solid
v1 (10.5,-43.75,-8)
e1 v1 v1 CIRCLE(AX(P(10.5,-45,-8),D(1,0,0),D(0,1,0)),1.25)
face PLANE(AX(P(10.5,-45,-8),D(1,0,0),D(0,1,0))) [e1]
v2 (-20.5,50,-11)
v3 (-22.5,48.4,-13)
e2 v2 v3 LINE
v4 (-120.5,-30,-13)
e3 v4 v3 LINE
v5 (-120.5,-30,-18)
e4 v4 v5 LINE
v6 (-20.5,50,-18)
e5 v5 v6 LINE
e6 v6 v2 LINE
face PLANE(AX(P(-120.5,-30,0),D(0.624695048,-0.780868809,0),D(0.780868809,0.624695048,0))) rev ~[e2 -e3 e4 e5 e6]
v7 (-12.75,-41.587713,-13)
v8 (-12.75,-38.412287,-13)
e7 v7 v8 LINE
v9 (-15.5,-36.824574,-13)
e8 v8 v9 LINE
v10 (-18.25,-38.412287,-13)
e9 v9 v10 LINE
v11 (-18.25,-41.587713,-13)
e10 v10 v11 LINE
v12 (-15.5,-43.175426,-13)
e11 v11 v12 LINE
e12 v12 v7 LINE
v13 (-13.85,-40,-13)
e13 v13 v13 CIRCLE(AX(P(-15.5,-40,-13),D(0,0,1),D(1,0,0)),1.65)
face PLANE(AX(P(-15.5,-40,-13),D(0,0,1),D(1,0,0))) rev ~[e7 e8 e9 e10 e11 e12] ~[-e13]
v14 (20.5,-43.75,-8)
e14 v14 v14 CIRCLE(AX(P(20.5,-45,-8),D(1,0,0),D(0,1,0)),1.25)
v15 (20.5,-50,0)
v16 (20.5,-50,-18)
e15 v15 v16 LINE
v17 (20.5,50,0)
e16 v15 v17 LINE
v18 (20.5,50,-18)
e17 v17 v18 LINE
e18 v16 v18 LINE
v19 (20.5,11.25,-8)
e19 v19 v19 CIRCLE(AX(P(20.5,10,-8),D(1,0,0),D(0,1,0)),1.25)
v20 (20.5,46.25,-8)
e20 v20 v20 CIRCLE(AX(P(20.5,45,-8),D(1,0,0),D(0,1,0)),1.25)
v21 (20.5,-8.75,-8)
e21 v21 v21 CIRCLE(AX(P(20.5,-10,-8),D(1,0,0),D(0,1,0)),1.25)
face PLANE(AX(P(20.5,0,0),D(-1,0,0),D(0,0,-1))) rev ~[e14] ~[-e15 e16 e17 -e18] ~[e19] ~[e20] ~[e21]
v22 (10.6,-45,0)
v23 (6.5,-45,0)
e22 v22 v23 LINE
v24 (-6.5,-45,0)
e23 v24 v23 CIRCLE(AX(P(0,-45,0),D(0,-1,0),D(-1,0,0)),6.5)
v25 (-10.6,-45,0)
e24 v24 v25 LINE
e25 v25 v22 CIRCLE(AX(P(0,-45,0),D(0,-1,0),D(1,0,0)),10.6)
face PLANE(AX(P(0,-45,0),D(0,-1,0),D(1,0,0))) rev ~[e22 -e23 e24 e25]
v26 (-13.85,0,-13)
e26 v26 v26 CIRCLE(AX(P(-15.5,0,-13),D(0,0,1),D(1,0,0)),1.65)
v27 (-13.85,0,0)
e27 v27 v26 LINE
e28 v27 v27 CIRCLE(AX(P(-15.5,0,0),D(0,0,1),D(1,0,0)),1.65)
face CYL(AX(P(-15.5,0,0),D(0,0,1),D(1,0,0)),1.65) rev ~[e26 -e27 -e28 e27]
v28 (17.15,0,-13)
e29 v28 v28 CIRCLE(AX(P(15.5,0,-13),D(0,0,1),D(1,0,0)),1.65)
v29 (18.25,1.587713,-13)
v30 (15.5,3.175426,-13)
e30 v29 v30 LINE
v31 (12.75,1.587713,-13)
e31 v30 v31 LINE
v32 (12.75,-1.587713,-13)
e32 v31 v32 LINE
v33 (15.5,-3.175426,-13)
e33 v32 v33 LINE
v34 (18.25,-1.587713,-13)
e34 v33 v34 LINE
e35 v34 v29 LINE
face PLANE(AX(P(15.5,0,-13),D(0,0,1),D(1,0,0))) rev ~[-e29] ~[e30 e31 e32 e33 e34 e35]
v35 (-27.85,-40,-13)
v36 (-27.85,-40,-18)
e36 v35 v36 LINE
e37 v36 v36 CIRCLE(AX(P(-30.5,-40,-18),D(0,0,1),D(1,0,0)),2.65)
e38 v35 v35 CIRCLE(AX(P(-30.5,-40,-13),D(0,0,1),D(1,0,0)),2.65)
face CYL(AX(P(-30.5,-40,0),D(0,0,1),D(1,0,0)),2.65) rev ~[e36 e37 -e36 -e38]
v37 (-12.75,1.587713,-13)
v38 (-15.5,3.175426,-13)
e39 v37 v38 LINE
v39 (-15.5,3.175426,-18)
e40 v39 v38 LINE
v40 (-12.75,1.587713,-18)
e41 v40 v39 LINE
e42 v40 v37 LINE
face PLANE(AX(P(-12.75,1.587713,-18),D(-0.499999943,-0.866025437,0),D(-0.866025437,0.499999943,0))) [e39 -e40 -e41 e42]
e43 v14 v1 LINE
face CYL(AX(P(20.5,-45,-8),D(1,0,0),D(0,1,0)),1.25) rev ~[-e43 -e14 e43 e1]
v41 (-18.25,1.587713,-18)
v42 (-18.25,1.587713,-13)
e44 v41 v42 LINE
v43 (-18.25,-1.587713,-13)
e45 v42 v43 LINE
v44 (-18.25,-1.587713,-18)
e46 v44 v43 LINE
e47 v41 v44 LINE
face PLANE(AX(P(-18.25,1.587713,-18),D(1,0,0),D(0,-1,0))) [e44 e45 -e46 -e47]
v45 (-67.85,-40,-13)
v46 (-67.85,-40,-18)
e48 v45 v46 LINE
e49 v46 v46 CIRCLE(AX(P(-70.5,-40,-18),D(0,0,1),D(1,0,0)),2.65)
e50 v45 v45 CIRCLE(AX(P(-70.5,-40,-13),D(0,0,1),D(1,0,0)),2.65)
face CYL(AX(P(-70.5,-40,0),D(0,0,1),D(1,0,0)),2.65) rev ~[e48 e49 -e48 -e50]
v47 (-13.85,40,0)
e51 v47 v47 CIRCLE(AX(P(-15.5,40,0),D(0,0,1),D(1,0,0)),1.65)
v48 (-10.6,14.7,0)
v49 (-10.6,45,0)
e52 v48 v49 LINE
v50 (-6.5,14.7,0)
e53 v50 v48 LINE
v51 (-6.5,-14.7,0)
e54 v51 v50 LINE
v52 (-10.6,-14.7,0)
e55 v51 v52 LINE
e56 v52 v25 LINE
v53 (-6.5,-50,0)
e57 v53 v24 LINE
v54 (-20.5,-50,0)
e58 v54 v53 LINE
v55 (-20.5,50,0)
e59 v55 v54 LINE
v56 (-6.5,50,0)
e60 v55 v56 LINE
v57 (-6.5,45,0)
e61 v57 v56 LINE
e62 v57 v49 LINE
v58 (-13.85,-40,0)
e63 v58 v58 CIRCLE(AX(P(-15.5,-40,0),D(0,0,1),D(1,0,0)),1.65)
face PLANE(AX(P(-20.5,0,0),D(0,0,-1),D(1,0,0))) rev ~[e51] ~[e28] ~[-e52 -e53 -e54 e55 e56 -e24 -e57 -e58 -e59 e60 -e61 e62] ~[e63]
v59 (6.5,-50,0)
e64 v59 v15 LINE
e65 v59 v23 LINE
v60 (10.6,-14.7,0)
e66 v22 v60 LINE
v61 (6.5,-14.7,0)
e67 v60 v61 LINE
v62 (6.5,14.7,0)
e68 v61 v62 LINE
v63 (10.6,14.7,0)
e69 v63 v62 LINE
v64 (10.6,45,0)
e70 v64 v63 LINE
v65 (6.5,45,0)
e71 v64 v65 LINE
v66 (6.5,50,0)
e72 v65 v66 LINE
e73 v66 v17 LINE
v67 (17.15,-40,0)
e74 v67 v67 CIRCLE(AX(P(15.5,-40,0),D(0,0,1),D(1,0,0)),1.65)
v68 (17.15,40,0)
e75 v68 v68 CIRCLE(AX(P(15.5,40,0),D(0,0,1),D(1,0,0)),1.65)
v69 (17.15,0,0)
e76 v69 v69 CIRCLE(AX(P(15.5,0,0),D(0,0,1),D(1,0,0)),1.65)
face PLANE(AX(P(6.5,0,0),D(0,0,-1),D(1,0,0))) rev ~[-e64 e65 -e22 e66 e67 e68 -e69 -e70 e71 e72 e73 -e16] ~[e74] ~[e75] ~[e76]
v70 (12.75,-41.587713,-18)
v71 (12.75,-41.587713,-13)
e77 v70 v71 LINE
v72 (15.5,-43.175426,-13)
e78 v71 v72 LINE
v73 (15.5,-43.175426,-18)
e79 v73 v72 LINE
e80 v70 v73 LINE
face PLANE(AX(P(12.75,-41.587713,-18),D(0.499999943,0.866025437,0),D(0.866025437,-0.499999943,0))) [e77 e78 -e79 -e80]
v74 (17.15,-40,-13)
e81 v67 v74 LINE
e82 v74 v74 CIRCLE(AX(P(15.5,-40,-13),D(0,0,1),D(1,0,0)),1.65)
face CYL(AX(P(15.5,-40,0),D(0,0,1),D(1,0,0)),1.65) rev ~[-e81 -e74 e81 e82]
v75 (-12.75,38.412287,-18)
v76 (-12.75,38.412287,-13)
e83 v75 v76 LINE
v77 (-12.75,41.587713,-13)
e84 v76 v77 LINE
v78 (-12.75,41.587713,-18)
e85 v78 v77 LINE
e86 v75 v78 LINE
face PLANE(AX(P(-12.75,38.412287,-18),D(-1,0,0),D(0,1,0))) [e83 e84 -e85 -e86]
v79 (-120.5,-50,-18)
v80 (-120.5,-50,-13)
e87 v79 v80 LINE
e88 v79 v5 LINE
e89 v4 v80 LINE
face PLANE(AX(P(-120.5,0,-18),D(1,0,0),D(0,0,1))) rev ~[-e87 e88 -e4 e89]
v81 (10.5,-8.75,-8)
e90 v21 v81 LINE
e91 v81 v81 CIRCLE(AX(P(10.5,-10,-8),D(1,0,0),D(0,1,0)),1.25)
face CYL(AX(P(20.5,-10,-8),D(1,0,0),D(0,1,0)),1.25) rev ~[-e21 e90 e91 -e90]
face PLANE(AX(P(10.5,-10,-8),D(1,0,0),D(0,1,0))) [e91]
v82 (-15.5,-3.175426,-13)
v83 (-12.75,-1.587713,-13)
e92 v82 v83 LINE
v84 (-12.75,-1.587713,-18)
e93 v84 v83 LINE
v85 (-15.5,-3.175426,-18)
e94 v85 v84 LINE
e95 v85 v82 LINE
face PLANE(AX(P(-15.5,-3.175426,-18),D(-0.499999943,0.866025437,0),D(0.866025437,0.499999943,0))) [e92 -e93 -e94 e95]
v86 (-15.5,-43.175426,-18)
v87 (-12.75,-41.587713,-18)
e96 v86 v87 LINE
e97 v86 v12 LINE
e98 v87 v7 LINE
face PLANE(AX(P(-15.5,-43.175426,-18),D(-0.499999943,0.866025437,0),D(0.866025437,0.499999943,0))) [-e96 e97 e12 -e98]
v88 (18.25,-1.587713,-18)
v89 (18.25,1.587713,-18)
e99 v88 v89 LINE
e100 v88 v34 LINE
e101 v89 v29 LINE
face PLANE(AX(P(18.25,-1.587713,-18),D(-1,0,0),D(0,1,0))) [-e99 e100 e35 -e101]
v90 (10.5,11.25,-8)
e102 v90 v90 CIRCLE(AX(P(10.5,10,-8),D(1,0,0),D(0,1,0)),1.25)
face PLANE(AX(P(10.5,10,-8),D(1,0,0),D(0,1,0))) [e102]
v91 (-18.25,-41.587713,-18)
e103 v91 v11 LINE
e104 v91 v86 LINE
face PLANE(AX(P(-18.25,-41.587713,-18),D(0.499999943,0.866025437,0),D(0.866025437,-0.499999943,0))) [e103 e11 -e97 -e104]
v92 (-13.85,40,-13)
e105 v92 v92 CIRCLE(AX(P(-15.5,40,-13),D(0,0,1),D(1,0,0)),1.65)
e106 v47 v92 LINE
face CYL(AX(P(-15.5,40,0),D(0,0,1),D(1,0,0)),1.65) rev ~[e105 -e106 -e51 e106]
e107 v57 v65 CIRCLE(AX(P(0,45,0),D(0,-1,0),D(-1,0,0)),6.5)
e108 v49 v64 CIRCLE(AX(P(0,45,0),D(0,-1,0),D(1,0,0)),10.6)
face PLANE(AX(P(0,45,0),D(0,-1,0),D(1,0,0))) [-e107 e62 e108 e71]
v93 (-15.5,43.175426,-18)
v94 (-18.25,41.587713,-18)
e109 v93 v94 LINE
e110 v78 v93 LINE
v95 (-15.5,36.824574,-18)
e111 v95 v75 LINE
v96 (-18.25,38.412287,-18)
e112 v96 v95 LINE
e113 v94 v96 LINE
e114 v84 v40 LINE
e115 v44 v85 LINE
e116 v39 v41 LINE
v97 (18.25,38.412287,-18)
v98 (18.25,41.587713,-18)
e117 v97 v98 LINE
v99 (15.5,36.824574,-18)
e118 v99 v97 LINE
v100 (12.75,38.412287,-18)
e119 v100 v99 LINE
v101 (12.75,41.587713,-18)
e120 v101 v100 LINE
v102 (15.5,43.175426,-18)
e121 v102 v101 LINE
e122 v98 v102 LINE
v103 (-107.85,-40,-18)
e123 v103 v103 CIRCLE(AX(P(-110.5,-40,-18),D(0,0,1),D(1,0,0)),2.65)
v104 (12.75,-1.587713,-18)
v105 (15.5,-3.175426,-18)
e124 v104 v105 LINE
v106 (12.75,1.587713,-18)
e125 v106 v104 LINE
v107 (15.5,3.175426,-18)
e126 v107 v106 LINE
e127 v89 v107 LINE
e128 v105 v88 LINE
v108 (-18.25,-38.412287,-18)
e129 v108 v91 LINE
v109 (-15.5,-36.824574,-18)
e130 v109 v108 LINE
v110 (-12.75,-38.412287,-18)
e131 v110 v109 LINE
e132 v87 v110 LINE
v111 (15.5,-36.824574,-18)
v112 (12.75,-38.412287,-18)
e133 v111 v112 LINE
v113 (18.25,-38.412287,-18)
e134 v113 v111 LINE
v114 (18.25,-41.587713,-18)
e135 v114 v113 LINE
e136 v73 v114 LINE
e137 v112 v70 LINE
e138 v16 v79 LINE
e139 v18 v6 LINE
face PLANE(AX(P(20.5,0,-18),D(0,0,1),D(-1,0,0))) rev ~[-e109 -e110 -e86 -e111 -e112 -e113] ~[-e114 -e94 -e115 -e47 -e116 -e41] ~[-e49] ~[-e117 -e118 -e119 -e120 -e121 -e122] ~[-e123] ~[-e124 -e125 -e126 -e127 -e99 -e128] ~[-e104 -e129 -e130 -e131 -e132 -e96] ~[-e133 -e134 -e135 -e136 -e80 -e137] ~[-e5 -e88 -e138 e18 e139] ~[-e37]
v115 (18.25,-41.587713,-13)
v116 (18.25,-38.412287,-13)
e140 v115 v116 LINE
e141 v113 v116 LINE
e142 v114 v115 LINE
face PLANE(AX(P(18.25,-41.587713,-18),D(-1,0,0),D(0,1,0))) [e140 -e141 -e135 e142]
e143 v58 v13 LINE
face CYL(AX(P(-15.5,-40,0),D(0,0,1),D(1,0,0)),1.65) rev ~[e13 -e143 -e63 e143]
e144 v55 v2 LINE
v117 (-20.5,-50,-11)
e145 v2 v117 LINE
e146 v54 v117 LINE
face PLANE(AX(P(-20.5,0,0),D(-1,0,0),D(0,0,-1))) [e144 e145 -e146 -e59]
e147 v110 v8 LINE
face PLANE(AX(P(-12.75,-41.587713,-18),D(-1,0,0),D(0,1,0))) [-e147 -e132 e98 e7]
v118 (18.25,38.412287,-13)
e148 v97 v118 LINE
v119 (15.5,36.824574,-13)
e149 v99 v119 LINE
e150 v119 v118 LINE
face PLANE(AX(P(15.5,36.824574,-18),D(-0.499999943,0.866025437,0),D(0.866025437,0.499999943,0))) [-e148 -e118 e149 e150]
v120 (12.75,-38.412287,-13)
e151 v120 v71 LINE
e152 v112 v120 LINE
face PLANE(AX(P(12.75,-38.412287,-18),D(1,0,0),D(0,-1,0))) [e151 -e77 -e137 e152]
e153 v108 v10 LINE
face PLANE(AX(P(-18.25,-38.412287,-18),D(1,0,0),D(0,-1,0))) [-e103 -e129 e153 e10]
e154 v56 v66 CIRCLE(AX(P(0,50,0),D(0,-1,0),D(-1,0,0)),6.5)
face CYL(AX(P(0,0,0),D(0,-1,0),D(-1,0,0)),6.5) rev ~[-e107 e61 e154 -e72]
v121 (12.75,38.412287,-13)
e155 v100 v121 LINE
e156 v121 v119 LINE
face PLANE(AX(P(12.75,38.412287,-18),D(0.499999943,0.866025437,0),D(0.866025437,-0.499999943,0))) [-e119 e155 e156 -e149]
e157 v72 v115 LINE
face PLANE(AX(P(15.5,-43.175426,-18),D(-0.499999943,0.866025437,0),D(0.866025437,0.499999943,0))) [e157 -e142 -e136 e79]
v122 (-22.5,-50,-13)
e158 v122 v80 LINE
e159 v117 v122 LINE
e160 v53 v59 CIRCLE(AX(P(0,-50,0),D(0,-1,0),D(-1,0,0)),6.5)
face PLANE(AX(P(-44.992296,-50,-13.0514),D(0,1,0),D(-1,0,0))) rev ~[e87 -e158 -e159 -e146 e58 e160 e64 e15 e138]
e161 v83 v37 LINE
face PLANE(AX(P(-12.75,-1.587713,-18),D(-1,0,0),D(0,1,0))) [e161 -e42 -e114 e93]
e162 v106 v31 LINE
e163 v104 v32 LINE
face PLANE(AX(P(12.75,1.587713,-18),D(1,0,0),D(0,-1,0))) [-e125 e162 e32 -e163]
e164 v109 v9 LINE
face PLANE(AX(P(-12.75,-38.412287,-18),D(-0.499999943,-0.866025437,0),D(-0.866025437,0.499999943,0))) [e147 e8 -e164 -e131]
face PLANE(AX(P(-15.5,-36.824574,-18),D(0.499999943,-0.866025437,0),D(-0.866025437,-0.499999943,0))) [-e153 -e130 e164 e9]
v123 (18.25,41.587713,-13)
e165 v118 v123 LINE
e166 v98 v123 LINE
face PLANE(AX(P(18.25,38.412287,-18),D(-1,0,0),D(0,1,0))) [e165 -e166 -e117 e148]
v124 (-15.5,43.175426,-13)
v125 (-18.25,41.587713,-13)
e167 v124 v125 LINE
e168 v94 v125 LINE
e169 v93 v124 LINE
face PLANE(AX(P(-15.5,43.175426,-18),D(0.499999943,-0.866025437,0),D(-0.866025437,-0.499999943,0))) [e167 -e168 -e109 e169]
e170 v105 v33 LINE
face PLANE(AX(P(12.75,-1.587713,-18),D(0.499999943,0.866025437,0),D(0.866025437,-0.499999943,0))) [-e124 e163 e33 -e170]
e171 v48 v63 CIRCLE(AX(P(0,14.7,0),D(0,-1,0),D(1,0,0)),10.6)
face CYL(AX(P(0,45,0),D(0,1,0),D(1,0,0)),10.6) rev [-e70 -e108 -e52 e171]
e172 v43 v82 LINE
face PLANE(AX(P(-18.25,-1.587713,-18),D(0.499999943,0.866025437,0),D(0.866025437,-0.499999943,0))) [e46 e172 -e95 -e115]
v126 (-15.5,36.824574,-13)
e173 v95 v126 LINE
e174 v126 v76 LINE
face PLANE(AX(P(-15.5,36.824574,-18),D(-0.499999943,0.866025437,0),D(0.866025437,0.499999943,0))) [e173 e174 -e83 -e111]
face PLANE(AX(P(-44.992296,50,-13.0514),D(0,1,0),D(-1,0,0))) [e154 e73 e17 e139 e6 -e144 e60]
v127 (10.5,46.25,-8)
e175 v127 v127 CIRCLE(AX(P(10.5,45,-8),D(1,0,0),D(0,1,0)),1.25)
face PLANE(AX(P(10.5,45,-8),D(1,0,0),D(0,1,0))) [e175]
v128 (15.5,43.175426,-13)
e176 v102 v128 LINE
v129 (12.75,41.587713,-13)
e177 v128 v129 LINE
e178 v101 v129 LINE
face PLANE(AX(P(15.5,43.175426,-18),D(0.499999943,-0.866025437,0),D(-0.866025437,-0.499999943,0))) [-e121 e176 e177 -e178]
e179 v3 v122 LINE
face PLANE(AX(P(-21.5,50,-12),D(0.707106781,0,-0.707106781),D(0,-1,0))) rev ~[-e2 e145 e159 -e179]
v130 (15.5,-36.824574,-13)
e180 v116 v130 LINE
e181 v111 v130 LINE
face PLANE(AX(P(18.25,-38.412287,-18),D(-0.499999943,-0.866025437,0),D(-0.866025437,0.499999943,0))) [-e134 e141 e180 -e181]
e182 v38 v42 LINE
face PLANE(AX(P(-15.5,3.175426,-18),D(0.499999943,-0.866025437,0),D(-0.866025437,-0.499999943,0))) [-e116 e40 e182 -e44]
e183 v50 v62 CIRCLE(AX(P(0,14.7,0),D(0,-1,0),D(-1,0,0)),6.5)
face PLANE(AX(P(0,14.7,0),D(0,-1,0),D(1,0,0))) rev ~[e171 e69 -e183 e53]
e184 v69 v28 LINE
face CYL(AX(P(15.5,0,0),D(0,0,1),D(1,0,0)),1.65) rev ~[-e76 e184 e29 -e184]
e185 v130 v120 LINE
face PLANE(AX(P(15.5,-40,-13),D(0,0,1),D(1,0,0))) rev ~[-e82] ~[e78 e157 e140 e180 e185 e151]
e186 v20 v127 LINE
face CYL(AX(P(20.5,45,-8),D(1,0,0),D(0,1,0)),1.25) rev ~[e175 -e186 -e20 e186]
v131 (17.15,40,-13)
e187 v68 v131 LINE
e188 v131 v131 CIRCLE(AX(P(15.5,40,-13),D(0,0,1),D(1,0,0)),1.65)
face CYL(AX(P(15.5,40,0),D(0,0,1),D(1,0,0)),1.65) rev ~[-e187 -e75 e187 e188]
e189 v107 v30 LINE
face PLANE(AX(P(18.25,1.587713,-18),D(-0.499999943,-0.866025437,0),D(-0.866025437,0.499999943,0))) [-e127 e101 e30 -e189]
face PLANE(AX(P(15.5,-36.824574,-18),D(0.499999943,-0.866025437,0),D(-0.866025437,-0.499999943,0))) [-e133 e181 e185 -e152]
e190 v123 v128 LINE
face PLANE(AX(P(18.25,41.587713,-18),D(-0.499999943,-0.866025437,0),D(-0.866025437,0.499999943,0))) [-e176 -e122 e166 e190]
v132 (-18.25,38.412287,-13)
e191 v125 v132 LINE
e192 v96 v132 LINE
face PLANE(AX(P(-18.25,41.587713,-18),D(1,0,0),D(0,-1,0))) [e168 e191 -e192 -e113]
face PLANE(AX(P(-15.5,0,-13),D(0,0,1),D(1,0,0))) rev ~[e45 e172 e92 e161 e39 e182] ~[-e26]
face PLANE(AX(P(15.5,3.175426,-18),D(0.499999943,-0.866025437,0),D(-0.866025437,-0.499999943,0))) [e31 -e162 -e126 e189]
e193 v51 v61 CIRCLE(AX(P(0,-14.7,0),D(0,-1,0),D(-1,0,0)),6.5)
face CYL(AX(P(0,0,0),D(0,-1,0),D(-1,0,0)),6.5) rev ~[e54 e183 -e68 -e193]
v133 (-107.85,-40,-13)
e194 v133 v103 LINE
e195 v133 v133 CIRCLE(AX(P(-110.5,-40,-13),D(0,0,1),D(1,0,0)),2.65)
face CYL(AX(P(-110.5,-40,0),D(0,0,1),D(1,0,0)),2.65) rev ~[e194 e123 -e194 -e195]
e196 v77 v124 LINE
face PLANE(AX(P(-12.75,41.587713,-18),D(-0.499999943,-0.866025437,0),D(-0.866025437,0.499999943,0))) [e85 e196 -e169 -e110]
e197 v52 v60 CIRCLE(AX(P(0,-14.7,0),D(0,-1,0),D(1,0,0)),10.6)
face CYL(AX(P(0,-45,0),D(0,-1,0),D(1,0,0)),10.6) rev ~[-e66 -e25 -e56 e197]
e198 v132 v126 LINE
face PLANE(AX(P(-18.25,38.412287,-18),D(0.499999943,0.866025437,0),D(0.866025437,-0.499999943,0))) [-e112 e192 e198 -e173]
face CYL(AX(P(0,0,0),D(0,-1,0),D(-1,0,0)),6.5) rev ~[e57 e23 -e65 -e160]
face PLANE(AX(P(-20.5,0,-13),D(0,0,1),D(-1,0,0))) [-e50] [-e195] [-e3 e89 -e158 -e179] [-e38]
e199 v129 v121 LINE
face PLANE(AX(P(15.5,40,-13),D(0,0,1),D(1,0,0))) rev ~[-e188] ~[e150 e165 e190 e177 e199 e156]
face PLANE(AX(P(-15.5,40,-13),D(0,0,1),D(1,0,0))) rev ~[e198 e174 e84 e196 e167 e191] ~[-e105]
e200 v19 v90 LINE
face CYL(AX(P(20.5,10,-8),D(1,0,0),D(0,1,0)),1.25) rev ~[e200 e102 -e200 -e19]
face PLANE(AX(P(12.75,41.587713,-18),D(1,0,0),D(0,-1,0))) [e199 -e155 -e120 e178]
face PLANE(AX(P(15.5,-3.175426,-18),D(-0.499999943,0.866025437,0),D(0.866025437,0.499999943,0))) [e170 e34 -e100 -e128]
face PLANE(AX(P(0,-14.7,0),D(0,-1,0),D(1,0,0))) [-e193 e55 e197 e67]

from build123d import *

# Parameters (mm, degrees)
PAD_DEPTH       = 50
POCKET_DEPTH    = 18.001
SKETCH003_R     = 10.6
POCKET001_DEPTH = 30.3
SKETCH004_R     = 10.6
POCKET002_DEPTH = 30.3
SKETCH005_R     = 1.65
SKETCH005_R_2   = 2.65
POCKET007_DEPTH = 18.001
POCKET008_DEPTH = 5
SKETCH006_R     = 1.25
POCKET009_DEPTH = 10
CHAMFER_SIZE    = 2


with BuildPart() as part:
    # Sketch001 → Pad (new body, symmetric)
    with BuildSketch(Plane.XZ):
        with BuildLine():
            Line((-20.5, 0), (-6.5, 0))
            ThreePointArc((-6.5, 0), (0, -6.5), (6.5, 0))
            Line((6.5, 0), (20.5, 0))
            Line((20.5, 0), (20.5, -18))
            Line((20.5, -18), (-120.5, -18))
            Line((-120.5, -18), (-120.5, -13))
            Line((-20.5, -13), (-120.5, -13))
            Line((-20.5, 0), (-20.5, -13))
        make_face()
    extrude(amount=PAD_DEPTH, both=True)

    # Sketch002 → Pocket (cut, through all)
    with BuildSketch(Plane.XY):
        Polygon((-20.5, 50), (-120.5, 50), (-120.5, -30), align=None)
    extrude(amount=-POCKET_DEPTH, mode=Mode.SUBTRACT)

    # Sketch003 (on DatumPlane) → Pocket001 (cut)
    with BuildSketch(Plane.XZ.offset(45)):
        Circle(SKETCH003_R)
    extrude(amount=-POCKET001_DEPTH, mode=Mode.SUBTRACT)

    # Sketch004 (on DatumPlane) → Pocket002 (cut)
    with BuildSketch(Plane.XZ.offset(-45)):
        Circle(SKETCH004_R)
    extrude(amount=POCKET002_DEPTH, mode=Mode.SUBTRACT)

    # Sketch005 → Pocket007 (cut, through all)
    with BuildSketch(Plane.XY):
        with Locations((-15.5, -40)):
            Circle(SKETCH005_R)
        with Locations((15.5, -40)):
            Circle(SKETCH005_R)
        with Locations((15.5, 0)):
            Circle(SKETCH005_R)
        with Locations((15.5, 40)):
            Circle(SKETCH005_R)
        with Locations((-15.5, 40)):
            Circle(SKETCH005_R)
        with Locations((-15.5, 0)):
            Circle(SKETCH005_R)
        with Locations((-110.5, -40)):
            Circle(SKETCH005_R_2)
        with Locations((-70.5, -40)):
            Circle(SKETCH005_R_2)
        with Locations((-30.5, -40)):
            Circle(SKETCH005_R_2)
    extrude(amount=-POCKET007_DEPTH, mode=Mode.SUBTRACT)

    # Sketch (on DatumPlane) → Pocket008 (cut)
    with BuildSketch(Plane.XY.offset(-18)):
        Polygon((-12.75, 38.412287), (-12.75, 41.587713), (-15.5, 43.175426), (-18.25, 41.587713), (-18.25, 38.412287), (-15.5, 36.824574), align=None)
        Polygon((18.25, 38.412287), (18.25, 41.587713), (15.5, 43.175426), (12.75, 41.587713), (12.75, 38.412287), (15.5, 36.824574), align=None)
        Polygon((-12.75, -1.587713), (-12.75, 1.587713), (-15.5, 3.175426), (-18.25, 1.587713), (-18.25, -1.587713), (-15.5, -3.175426), align=None)
        Polygon((18.25, -1.587713), (18.25, 1.587713), (15.5, 3.175426), (12.75, 1.587713), (12.75, -1.587713), (15.5, -3.175426), align=None)
        Polygon((-12.75, -41.587713), (-12.75, -38.412287), (-15.5, -36.824574), (-18.25, -38.412287), (-18.25, -41.587713), (-15.5, -43.175426), align=None)
        Polygon((18.25, -41.587713), (18.25, -38.412287), (15.5, -36.824574), (12.75, -38.412287), (12.75, -41.587713), (15.5, -43.175426), align=None)
    extrude(amount=POCKET008_DEPTH, mode=Mode.SUBTRACT)

    # Sketch006 (on DatumPlane) → Pocket009 (cut)
    with BuildSketch(Plane.YZ.offset(20.5)):
        with Locations((-45, -8)):
            Circle(SKETCH006_R)
        with Locations((-10, -8)):
            Circle(SKETCH006_R)
        with Locations((10, -8)):
            Circle(SKETCH006_R)
        with Locations((45, -8)):
            Circle(SKETCH006_R)
    extrude(amount=-POCKET009_DEPTH, mode=Mode.SUBTRACT)

    # Chamfer
    chamfer_edges = [part.edges().sort_by_distance(p)[0] for p in [
        (-20.5, 0, -13),
    ]]
    chamfer(chamfer_edges, length=CHAMFER_SIZE)


solid = part.part
